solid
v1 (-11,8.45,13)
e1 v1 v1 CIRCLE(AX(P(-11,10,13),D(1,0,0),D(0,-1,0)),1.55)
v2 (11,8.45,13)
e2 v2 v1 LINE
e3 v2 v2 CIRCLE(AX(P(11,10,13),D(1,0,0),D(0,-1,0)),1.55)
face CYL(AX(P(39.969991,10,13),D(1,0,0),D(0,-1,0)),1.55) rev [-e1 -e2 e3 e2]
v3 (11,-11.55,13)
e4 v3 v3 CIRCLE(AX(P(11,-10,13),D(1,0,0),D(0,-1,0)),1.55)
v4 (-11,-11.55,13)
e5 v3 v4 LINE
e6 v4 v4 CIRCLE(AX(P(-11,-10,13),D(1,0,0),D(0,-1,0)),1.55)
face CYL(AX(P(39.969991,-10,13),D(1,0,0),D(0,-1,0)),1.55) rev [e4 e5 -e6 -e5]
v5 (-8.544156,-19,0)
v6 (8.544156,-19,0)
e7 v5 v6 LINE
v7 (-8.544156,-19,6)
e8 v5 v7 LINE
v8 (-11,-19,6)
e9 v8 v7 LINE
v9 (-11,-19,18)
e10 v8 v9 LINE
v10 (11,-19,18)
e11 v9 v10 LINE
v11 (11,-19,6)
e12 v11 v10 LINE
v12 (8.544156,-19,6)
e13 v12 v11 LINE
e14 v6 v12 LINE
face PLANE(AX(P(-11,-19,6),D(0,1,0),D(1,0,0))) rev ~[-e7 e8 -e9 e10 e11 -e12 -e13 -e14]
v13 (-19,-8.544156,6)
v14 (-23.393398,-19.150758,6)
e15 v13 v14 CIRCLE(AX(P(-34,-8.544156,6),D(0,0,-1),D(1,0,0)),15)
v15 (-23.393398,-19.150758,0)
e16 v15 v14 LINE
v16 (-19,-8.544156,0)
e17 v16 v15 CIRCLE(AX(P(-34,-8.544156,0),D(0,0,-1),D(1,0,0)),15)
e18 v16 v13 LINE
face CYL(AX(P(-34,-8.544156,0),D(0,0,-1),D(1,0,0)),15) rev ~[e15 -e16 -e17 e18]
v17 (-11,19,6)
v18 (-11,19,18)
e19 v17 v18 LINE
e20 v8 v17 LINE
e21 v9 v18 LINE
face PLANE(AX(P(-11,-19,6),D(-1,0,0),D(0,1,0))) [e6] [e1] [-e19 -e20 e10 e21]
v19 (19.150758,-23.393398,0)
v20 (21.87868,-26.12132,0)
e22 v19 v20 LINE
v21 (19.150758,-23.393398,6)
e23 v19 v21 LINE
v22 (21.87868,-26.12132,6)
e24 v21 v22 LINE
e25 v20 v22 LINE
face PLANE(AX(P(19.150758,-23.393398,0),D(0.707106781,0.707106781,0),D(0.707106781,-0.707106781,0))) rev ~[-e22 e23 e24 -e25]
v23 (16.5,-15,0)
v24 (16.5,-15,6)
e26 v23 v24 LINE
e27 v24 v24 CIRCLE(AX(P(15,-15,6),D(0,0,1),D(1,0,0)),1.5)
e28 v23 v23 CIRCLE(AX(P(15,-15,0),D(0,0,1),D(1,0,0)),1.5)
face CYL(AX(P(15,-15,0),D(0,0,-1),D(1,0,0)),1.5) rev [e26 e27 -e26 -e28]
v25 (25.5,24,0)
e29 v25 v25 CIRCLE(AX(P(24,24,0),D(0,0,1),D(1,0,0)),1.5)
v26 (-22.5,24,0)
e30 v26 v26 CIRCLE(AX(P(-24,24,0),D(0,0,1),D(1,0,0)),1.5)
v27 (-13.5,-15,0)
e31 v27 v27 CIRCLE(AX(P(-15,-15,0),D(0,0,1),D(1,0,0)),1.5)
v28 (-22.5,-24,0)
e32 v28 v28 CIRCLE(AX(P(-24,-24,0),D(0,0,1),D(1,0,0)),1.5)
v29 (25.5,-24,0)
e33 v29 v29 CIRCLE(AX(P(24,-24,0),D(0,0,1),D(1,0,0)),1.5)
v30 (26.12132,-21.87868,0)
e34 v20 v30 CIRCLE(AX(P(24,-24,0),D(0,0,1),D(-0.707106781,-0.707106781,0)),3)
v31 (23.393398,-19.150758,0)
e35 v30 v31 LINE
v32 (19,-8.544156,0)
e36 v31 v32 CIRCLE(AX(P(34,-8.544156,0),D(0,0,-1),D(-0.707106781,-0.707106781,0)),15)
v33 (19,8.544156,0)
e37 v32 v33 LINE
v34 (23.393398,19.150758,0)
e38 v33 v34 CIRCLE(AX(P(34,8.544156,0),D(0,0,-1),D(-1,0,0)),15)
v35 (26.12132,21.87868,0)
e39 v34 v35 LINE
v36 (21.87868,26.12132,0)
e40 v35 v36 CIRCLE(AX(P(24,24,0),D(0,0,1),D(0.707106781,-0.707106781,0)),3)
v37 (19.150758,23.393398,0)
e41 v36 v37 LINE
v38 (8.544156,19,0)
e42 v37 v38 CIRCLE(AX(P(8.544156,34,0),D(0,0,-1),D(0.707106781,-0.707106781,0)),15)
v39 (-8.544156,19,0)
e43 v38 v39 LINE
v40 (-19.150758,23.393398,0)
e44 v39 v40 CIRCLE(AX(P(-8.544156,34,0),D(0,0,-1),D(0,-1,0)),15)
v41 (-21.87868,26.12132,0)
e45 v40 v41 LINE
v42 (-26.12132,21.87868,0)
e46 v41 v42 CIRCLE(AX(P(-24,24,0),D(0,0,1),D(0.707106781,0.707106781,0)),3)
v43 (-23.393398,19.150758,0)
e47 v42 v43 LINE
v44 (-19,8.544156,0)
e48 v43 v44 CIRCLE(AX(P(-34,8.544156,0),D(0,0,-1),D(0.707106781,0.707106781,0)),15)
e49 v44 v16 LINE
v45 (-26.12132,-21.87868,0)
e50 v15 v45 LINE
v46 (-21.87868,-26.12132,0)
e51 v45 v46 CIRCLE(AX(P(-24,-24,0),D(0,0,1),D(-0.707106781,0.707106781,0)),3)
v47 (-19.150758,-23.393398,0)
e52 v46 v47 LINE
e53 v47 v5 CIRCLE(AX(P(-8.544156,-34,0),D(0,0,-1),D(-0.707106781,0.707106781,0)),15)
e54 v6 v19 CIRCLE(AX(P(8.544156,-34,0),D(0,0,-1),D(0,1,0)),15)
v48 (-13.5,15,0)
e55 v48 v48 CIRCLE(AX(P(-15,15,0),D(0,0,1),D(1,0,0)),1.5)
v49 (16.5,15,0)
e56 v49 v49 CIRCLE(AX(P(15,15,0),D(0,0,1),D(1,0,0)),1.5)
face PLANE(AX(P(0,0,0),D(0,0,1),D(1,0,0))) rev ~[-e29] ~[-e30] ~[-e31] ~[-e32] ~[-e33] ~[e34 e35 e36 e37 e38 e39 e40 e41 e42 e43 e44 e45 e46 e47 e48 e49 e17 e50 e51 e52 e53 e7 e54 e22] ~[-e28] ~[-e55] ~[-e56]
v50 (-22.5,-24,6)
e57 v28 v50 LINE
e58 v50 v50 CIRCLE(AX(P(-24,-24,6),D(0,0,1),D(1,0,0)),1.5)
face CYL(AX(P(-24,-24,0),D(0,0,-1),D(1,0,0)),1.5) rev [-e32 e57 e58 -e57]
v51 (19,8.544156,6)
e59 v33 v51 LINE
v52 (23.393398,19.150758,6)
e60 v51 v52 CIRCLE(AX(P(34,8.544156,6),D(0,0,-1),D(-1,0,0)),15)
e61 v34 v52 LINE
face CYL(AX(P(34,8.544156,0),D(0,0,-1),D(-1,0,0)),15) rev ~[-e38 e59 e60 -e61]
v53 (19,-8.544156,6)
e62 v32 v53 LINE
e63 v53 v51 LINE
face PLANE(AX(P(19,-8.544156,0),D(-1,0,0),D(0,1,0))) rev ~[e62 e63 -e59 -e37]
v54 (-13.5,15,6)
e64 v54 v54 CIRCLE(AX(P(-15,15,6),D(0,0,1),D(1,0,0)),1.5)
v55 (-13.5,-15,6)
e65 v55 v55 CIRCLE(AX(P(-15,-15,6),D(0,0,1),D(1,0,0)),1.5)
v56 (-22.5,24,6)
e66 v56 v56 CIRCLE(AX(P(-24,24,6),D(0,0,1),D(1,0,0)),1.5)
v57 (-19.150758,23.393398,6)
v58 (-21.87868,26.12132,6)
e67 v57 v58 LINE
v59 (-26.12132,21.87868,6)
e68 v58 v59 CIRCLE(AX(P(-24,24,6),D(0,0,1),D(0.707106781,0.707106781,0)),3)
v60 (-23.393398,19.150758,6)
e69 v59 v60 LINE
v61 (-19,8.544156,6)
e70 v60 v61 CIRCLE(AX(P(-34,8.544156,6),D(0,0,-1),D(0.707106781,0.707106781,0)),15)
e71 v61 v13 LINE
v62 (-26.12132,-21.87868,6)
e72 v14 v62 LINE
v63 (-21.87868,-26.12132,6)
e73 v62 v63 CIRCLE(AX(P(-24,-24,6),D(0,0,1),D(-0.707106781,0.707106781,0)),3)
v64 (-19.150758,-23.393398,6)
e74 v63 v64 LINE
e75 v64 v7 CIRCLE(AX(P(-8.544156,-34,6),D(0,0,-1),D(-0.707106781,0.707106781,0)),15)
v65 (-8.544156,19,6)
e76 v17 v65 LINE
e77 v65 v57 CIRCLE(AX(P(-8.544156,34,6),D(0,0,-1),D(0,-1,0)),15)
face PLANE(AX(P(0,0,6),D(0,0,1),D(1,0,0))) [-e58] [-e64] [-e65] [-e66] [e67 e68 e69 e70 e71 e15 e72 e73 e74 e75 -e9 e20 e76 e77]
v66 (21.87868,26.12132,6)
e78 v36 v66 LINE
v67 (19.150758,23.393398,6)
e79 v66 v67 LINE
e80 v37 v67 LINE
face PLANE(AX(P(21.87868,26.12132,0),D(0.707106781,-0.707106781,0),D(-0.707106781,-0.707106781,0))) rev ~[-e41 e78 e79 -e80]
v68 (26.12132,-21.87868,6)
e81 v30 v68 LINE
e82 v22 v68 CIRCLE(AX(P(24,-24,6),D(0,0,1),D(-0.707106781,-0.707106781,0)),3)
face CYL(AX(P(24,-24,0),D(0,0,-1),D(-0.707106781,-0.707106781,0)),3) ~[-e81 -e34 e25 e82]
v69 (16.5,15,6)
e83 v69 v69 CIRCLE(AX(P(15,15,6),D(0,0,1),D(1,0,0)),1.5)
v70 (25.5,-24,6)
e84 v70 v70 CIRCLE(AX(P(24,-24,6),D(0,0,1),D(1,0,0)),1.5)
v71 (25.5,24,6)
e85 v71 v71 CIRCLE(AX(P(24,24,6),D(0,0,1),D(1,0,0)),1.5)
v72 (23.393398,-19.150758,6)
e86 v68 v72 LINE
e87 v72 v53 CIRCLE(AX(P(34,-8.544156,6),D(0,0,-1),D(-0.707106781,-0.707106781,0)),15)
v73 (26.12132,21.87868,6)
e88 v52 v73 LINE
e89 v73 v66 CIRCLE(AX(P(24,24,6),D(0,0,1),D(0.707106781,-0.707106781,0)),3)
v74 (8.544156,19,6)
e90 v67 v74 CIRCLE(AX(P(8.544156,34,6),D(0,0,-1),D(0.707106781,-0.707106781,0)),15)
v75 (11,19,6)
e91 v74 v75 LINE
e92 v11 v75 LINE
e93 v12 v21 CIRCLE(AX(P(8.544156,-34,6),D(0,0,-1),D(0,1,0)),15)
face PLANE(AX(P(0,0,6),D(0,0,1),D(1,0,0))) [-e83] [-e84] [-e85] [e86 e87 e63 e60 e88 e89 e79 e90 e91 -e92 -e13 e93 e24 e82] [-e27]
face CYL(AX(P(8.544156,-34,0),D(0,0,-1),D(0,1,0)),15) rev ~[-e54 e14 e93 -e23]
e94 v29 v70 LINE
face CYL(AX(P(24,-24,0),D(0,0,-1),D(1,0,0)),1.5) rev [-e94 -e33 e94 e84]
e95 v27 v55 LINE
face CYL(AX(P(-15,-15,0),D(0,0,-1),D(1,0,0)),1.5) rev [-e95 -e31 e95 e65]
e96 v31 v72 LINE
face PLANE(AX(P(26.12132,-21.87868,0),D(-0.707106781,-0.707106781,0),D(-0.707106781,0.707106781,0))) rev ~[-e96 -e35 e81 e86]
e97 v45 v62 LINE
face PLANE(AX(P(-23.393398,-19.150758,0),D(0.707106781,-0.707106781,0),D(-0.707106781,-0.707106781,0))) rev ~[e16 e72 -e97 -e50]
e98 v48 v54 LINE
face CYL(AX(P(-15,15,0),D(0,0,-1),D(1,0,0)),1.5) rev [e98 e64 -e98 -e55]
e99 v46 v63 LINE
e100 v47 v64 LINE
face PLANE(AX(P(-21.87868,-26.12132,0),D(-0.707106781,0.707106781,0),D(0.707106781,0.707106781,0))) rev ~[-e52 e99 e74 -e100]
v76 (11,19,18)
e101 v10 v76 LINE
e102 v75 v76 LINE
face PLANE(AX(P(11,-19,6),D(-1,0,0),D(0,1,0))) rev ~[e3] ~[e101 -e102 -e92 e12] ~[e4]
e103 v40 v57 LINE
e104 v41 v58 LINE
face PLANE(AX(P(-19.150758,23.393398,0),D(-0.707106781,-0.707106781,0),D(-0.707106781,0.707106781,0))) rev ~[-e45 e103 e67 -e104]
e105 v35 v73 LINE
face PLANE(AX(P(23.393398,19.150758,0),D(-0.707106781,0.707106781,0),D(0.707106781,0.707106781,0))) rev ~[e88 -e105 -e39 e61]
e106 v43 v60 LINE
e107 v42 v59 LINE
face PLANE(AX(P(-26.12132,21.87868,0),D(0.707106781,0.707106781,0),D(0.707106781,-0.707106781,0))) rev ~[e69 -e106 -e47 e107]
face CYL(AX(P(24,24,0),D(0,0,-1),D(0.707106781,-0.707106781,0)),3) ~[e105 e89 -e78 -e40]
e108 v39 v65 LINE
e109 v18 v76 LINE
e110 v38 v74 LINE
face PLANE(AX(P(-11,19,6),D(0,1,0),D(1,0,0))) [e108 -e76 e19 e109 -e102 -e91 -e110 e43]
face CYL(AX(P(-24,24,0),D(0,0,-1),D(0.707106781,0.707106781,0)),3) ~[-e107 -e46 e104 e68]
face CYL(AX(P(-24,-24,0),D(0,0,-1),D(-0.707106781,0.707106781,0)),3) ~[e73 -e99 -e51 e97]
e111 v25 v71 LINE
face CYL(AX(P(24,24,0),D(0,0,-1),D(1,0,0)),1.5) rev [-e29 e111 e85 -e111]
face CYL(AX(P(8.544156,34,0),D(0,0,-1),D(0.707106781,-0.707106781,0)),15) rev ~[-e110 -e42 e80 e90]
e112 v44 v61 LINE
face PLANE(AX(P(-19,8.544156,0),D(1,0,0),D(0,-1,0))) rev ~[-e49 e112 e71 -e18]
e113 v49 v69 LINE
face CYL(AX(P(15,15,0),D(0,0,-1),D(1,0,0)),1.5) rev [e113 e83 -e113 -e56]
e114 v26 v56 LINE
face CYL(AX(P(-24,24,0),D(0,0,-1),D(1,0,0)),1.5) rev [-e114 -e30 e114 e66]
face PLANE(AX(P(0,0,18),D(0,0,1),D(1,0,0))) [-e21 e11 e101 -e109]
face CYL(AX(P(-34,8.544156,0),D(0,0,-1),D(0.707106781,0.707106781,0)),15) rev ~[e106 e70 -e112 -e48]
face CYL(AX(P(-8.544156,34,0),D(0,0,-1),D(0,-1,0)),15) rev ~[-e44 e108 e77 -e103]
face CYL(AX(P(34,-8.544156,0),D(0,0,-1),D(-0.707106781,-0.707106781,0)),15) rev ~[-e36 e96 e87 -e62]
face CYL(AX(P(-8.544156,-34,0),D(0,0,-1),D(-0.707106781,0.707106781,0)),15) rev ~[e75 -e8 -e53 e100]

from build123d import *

# Parameters (mm, degrees)
SKETCH2_R               = 1.5
BOSS_EXTRUDE2_DEPTH     = 6
SKETCH3_W               = 22
SKETCH3_H               = 38
BOSS_EXTRUDE3_DEPTH     = 12
CUT_EXTRUDE1_DEPTH      = 50.969990995
CUT_EXTRUDE1_DEPTH_BACK = 50.969990995
SKETCH5_R               = 1.55


with BuildPart() as part:
    # Sketch2 → Boss-Extrude2 (new body)
    with BuildSketch(Plane.XY):
        with BuildLine():
            Line((8.544155877, 19), (-8.544155877, 19))
            ThreePointArc((-8.544155877, 19), (-14.284407363, 20.141807012), (-19.150757595, 23.393398282))
            Line((-19.150757595, 23.393398282), (-21.878679656, 26.121320344))
            ThreePointArc((-21.878679656, 26.121320344), (-26.121320344, 26.121320344), (-26.121320344, 21.878679656))
            Line((-26.121320344, 21.878679656), (-23.393398282, 19.150757595))
            ThreePointArc((-23.393398282, 19.150757595), (-20.141807012, 14.284407363), (-19, 8.544155877))
            Line((-19, 8.544155877), (-19, -8.544155877))
            ThreePointArc((-19, -8.544155877), (-20.141807012, -14.284407363), (-23.393398282, -19.150757595))
            Line((-23.393398282, -19.150757595), (-26.121320344, -21.878679656))
            ThreePointArc((-26.121320344, -21.878679656), (-26.121320344, -26.121320344), (-21.878679656, -26.121320344))
            Line((-21.878679656, -26.121320344), (-19.150757595, -23.393398282))
            ThreePointArc((-19.150757595, -23.393398282), (-14.284407363, -20.141807012), (-8.544155877, -19))
            Line((-8.544155877, -19), (8.544155877, -19))
            ThreePointArc((8.544155877, -19), (14.284407363, -20.141807012), (19.150757595, -23.393398282))
            Line((19.150757595, -23.393398282), (21.878679656, -26.121320344))
            ThreePointArc((21.878679656, -26.121320344), (26.121320344, -26.121320344), (26.121320344, -21.878679656))
            Line((26.121320344, -21.878679656), (23.393398282, -19.150757595))
            ThreePointArc((23.393398282, -19.150757595), (20.141807012, -14.284407363), (19, -8.544155877))
            Line((19, -8.544155877), (19, 8.544155877))
            ThreePointArc((19, 8.544155877), (20.141807012, 14.284407363), (23.393398282, 19.150757595))
            Line((23.393398282, 19.150757595), (26.121320344, 21.878679656))
            ThreePointArc((26.121320344, 21.878679656), (26.121320344, 26.121320344), (21.878679656, 26.121320344))
            Line((21.878679656, 26.121320344), (19.150757595, 23.393398282))
            ThreePointArc((19.150757595, 23.393398282), (14.284407363, 20.141807012), (8.544155877, 19))
        make_face()
        with Locations((15, 15)):
            Circle(SKETCH2_R, mode=Mode.SUBTRACT)
        with Locations((24, 24)):
            Circle(SKETCH2_R, mode=Mode.SUBTRACT)
        with Locations((24, -24)):
            Circle(SKETCH2_R, mode=Mode.SUBTRACT)
        with Locations((15, -15)):
            Circle(SKETCH2_R, mode=Mode.SUBTRACT)
        with Locations((-24, -24)):
            Circle(SKETCH2_R, mode=Mode.SUBTRACT)
        with Locations((-15, -15)):
            Circle(SKETCH2_R, mode=Mode.SUBTRACT)
        with Locations((-24, 24)):
            Circle(SKETCH2_R, mode=Mode.SUBTRACT)
        with Locations((-15, 15)):
            Circle(SKETCH2_R, mode=Mode.SUBTRACT)
    extrude(amount=BOSS_EXTRUDE2_DEPTH)

    # Sketch3 → Boss-Extrude3 (add)
    with BuildSketch(Plane.XY.offset(6)):
        Rectangle(SKETCH3_W, SKETCH3_H)
    extrude(amount=BOSS_EXTRUDE3_DEPTH)

    # Sketch5 → Cut-Extrude1 (cut, two sides: drawn at the far end of the back side and taken through both)
    with BuildSketch(Plane.ZY.offset(11).offset(-CUT_EXTRUDE1_DEPTH_BACK)):
        with Locations((13, -10)):
            Circle(SKETCH5_R)
        with Locations((13, 10)):
            Circle(SKETCH5_R)
    extrude(amount=CUT_EXTRUDE1_DEPTH + CUT_EXTRUDE1_DEPTH_BACK, mode=Mode.SUBTRACT)


solid = part.part
